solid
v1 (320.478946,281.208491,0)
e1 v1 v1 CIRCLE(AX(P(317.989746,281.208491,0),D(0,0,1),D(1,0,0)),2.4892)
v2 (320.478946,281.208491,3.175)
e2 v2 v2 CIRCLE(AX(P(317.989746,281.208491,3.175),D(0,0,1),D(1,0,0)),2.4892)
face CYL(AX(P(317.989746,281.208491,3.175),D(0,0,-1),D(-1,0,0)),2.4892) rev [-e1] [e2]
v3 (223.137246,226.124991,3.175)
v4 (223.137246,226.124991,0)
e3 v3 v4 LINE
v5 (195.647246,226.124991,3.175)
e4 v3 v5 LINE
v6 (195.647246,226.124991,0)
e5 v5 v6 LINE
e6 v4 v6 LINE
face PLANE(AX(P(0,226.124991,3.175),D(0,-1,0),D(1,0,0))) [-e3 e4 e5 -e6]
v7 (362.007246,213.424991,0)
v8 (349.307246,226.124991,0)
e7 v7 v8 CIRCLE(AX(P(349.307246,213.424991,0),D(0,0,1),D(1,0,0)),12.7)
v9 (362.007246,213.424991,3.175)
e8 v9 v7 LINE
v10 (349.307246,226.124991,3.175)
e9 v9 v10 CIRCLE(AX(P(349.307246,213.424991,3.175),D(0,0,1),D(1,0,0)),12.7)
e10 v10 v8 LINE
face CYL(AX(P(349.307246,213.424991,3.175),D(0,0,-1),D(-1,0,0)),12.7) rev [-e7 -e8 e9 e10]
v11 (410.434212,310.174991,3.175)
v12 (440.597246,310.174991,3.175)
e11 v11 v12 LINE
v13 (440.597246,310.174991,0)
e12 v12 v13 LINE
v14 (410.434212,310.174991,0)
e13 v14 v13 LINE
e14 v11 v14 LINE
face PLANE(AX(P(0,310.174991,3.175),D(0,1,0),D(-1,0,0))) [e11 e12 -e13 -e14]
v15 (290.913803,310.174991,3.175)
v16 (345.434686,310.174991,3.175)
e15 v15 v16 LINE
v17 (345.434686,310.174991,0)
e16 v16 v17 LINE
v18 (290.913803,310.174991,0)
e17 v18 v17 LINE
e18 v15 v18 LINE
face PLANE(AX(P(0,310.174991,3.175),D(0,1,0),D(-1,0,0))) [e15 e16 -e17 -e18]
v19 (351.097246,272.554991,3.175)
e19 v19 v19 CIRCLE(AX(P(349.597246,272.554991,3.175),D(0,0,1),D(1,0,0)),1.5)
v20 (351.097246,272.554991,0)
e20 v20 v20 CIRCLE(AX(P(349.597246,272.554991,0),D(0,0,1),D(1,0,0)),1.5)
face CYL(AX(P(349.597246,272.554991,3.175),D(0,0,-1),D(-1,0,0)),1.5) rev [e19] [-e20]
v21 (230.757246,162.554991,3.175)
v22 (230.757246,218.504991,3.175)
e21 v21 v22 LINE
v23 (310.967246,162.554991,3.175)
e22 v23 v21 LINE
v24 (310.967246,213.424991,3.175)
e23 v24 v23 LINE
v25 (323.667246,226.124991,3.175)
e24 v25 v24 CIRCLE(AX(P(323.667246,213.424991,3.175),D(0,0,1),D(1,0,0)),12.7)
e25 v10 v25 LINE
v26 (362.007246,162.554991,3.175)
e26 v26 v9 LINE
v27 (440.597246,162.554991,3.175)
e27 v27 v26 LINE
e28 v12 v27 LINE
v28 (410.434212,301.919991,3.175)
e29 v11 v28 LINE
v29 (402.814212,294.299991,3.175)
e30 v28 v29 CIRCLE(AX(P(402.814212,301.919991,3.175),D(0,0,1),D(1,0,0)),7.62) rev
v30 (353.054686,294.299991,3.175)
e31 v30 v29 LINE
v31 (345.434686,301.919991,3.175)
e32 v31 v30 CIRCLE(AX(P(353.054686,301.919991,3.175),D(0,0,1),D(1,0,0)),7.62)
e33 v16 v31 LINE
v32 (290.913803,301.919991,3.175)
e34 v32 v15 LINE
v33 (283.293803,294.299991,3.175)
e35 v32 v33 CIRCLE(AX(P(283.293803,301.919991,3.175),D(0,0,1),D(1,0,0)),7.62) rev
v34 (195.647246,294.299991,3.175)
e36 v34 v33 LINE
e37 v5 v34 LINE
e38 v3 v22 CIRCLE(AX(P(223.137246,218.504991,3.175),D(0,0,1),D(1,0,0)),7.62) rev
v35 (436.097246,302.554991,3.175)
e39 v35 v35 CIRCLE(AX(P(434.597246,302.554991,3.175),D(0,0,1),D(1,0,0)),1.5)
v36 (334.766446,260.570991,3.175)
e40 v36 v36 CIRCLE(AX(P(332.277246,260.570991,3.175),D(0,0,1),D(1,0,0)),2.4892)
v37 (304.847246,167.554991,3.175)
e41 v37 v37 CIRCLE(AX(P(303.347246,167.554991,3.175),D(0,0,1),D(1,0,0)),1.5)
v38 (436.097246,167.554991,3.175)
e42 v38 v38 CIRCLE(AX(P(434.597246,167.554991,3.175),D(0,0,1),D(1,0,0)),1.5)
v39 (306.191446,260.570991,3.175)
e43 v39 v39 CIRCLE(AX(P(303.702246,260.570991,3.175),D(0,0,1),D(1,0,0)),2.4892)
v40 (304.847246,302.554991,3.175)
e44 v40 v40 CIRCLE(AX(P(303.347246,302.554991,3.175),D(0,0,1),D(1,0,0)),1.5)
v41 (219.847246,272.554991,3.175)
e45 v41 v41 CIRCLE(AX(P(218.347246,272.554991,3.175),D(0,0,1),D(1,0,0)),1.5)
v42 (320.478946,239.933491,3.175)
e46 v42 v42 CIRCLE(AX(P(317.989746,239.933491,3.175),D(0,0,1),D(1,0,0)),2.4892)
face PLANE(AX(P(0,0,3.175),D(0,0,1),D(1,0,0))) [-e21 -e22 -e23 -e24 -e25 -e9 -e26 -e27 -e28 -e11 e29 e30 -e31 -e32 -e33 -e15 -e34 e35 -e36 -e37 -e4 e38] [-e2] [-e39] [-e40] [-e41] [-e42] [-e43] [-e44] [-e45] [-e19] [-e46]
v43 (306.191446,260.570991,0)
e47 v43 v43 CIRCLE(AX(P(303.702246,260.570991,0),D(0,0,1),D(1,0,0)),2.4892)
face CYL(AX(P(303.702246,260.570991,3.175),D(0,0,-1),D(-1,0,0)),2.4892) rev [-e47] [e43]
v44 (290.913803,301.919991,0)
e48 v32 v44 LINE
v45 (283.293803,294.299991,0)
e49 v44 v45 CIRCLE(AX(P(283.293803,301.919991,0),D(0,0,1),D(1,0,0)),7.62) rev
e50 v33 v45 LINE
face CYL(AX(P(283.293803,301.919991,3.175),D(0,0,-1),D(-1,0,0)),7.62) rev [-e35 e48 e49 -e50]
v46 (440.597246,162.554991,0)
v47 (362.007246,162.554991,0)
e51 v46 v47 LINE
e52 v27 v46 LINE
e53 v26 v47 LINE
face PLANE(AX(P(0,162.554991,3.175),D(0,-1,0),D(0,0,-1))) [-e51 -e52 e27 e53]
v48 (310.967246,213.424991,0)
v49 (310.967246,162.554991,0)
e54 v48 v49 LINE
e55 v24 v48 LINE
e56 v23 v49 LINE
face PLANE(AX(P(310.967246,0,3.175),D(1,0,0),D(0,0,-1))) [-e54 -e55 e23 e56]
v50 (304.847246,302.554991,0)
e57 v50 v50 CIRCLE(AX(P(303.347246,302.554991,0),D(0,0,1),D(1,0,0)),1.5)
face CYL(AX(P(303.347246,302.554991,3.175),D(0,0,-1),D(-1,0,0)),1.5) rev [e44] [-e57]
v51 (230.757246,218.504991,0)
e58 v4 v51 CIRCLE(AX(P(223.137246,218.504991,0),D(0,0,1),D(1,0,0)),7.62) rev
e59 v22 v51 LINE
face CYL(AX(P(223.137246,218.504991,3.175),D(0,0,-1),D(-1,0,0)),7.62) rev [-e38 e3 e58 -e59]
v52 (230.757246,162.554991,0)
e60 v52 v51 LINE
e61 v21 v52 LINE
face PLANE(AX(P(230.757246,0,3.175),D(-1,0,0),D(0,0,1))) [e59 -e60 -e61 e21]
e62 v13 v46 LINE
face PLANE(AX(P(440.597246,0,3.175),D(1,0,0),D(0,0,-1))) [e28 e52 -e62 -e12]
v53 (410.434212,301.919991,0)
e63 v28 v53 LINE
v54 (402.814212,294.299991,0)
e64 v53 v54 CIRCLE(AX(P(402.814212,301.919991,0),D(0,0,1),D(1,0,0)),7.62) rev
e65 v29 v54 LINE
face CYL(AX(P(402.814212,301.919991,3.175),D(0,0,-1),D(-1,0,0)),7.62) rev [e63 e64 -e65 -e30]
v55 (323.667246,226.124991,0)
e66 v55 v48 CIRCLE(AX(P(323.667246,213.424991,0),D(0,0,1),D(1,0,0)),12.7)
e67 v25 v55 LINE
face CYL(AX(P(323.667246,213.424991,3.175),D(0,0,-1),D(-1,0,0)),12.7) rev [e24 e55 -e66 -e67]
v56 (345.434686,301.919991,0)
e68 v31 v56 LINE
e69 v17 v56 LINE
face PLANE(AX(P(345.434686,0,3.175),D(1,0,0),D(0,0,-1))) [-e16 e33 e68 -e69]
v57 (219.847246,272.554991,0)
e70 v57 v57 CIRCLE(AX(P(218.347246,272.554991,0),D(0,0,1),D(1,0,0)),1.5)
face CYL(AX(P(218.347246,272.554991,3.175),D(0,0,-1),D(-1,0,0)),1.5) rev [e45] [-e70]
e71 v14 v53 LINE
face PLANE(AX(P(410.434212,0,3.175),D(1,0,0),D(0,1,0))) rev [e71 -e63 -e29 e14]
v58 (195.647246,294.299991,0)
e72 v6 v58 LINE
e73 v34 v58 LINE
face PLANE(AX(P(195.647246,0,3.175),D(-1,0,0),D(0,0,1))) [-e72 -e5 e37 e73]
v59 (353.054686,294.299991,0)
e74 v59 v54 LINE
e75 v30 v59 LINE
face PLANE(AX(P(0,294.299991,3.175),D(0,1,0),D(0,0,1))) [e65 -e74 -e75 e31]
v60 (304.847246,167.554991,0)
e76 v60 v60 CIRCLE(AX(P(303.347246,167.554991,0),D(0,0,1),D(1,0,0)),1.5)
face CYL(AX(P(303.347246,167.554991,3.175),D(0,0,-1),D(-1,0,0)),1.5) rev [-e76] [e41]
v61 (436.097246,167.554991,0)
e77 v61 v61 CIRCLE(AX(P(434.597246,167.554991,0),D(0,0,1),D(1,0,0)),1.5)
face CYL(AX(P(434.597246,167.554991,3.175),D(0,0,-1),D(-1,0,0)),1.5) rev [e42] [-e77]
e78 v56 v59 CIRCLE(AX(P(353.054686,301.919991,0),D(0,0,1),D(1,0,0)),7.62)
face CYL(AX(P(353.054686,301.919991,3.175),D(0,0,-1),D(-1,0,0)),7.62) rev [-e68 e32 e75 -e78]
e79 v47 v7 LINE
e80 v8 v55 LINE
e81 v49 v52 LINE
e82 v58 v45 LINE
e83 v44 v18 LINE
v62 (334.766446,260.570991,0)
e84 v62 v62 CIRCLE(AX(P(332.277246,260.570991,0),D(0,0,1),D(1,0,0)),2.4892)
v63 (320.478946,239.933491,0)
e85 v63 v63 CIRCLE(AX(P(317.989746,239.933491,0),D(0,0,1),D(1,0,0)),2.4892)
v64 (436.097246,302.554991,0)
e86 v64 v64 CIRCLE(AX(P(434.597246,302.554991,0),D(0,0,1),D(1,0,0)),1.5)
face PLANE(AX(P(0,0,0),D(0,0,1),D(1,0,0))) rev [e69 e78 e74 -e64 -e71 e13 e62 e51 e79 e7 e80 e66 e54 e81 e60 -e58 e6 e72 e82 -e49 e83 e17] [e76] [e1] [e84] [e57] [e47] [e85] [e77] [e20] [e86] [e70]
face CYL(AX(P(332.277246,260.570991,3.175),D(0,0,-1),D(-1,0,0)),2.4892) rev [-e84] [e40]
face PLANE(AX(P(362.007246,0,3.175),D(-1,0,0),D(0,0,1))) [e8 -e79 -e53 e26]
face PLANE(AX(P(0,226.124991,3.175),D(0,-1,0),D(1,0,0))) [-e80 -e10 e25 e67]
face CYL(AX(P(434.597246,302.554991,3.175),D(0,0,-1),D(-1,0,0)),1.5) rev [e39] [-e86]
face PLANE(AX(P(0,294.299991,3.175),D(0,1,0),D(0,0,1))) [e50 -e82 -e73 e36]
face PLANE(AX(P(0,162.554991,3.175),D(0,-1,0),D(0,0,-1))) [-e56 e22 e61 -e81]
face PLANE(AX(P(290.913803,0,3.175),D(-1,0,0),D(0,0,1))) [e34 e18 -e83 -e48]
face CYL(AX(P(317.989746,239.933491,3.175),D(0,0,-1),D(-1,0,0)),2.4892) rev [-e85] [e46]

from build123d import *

# Parameters (mm, degrees)
MODEL_R             = 1.5
MODEL_R_2           = 2.4892
BOSS_EXTRUDE1_DEPTH = 3.175


with BuildPart() as part:
    # Model → Boss-Extrude1 (new body)
    with BuildSketch(Plane.XY):
        with BuildLine():
            Line((323.667245607, 226.12499065), (349.307245607, 226.12499065))
            ThreePointArc((349.307245607, 226.12499065), (358.287501728, 222.405246771), (362.007245607, 213.42499065))
            Line((362.007245607, 213.42499065), (362.007245607, 162.55499065))
            Line((362.007245607, 162.55499065), (440.597245607, 162.55499065))
            Line((440.597245607, 162.55499065), (440.597245607, 310.17499065))
            Line((440.597245607, 310.17499065), (410.434211887, 310.17499065))
            Line((410.434211887, 310.17499065), (410.434211887, 301.91999065))
            ThreePointArc((410.434211887, 301.91999065), (408.20236556, 296.531836978), (402.814211887, 294.29999065))
            Line((402.814211887, 294.29999065), (353.054686067, 294.29999065))
            ThreePointArc((353.054686067, 294.29999065), (347.666532395, 296.531836978), (345.434686067, 301.91999065))
            Line((345.434686067, 301.91999065), (345.434686067, 310.17499065))
            Line((345.434686067, 310.17499065), (290.913803272, 310.17499065))
            Line((290.913803272, 310.17499065), (290.913803272, 301.91999065))
            ThreePointArc((290.913803272, 301.91999065), (288.681956945, 296.531836978), (283.293803272, 294.29999065))
            Line((283.293803272, 294.29999065), (195.647245607, 294.29999065))
            Line((195.647245607, 294.29999065), (195.647245607, 226.12499065))
            Line((195.647245607, 226.12499065), (223.137245607, 226.12499065))
            ThreePointArc((223.137245607, 226.12499065), (228.525399279, 223.893144323), (230.757245607, 218.50499065))
            Line((230.757245607, 218.50499065), (230.757245607, 162.55499065))
            Line((230.757245607, 162.55499065), (310.967245607, 162.55499065))
            Line((310.967245607, 162.55499065), (310.967245607, 213.42499065))
            ThreePointArc((310.967245607, 213.42499065), (314.686989486, 222.405246771), (323.667245607, 226.12499065))
        make_face()
        with Locations((303.347245607, 167.55499065)):
            Circle(MODEL_R, mode=Mode.SUBTRACT)
        with Locations((434.597245607, 167.55499065)):
            Circle(MODEL_R, mode=Mode.SUBTRACT)
        with Locations((218.347245607, 272.55499065)):
            Circle(MODEL_R, mode=Mode.SUBTRACT)
        with Locations((317.989745607, 239.93349065)):
            Circle(MODEL_R_2, mode=Mode.SUBTRACT)
        with Locations((303.702245607, 260.57099065)):
            Circle(MODEL_R_2, mode=Mode.SUBTRACT)
        with Locations((317.989745607, 281.20849065)):
            Circle(MODEL_R_2, mode=Mode.SUBTRACT)
        with Locations((303.347245607, 302.55499065)):
            Circle(MODEL_R, mode=Mode.SUBTRACT)
        with Locations((332.277245607, 260.57099065)):
            Circle(MODEL_R_2, mode=Mode.SUBTRACT)
        with Locations((349.597245607, 272.55499065)):
            Circle(MODEL_R, mode=Mode.SUBTRACT)
        with Locations((434.597245607, 302.55499065)):
            Circle(MODEL_R, mode=Mode.SUBTRACT)
    extrude(amount=BOSS_EXTRUDE1_DEPTH)


solid = part.part
